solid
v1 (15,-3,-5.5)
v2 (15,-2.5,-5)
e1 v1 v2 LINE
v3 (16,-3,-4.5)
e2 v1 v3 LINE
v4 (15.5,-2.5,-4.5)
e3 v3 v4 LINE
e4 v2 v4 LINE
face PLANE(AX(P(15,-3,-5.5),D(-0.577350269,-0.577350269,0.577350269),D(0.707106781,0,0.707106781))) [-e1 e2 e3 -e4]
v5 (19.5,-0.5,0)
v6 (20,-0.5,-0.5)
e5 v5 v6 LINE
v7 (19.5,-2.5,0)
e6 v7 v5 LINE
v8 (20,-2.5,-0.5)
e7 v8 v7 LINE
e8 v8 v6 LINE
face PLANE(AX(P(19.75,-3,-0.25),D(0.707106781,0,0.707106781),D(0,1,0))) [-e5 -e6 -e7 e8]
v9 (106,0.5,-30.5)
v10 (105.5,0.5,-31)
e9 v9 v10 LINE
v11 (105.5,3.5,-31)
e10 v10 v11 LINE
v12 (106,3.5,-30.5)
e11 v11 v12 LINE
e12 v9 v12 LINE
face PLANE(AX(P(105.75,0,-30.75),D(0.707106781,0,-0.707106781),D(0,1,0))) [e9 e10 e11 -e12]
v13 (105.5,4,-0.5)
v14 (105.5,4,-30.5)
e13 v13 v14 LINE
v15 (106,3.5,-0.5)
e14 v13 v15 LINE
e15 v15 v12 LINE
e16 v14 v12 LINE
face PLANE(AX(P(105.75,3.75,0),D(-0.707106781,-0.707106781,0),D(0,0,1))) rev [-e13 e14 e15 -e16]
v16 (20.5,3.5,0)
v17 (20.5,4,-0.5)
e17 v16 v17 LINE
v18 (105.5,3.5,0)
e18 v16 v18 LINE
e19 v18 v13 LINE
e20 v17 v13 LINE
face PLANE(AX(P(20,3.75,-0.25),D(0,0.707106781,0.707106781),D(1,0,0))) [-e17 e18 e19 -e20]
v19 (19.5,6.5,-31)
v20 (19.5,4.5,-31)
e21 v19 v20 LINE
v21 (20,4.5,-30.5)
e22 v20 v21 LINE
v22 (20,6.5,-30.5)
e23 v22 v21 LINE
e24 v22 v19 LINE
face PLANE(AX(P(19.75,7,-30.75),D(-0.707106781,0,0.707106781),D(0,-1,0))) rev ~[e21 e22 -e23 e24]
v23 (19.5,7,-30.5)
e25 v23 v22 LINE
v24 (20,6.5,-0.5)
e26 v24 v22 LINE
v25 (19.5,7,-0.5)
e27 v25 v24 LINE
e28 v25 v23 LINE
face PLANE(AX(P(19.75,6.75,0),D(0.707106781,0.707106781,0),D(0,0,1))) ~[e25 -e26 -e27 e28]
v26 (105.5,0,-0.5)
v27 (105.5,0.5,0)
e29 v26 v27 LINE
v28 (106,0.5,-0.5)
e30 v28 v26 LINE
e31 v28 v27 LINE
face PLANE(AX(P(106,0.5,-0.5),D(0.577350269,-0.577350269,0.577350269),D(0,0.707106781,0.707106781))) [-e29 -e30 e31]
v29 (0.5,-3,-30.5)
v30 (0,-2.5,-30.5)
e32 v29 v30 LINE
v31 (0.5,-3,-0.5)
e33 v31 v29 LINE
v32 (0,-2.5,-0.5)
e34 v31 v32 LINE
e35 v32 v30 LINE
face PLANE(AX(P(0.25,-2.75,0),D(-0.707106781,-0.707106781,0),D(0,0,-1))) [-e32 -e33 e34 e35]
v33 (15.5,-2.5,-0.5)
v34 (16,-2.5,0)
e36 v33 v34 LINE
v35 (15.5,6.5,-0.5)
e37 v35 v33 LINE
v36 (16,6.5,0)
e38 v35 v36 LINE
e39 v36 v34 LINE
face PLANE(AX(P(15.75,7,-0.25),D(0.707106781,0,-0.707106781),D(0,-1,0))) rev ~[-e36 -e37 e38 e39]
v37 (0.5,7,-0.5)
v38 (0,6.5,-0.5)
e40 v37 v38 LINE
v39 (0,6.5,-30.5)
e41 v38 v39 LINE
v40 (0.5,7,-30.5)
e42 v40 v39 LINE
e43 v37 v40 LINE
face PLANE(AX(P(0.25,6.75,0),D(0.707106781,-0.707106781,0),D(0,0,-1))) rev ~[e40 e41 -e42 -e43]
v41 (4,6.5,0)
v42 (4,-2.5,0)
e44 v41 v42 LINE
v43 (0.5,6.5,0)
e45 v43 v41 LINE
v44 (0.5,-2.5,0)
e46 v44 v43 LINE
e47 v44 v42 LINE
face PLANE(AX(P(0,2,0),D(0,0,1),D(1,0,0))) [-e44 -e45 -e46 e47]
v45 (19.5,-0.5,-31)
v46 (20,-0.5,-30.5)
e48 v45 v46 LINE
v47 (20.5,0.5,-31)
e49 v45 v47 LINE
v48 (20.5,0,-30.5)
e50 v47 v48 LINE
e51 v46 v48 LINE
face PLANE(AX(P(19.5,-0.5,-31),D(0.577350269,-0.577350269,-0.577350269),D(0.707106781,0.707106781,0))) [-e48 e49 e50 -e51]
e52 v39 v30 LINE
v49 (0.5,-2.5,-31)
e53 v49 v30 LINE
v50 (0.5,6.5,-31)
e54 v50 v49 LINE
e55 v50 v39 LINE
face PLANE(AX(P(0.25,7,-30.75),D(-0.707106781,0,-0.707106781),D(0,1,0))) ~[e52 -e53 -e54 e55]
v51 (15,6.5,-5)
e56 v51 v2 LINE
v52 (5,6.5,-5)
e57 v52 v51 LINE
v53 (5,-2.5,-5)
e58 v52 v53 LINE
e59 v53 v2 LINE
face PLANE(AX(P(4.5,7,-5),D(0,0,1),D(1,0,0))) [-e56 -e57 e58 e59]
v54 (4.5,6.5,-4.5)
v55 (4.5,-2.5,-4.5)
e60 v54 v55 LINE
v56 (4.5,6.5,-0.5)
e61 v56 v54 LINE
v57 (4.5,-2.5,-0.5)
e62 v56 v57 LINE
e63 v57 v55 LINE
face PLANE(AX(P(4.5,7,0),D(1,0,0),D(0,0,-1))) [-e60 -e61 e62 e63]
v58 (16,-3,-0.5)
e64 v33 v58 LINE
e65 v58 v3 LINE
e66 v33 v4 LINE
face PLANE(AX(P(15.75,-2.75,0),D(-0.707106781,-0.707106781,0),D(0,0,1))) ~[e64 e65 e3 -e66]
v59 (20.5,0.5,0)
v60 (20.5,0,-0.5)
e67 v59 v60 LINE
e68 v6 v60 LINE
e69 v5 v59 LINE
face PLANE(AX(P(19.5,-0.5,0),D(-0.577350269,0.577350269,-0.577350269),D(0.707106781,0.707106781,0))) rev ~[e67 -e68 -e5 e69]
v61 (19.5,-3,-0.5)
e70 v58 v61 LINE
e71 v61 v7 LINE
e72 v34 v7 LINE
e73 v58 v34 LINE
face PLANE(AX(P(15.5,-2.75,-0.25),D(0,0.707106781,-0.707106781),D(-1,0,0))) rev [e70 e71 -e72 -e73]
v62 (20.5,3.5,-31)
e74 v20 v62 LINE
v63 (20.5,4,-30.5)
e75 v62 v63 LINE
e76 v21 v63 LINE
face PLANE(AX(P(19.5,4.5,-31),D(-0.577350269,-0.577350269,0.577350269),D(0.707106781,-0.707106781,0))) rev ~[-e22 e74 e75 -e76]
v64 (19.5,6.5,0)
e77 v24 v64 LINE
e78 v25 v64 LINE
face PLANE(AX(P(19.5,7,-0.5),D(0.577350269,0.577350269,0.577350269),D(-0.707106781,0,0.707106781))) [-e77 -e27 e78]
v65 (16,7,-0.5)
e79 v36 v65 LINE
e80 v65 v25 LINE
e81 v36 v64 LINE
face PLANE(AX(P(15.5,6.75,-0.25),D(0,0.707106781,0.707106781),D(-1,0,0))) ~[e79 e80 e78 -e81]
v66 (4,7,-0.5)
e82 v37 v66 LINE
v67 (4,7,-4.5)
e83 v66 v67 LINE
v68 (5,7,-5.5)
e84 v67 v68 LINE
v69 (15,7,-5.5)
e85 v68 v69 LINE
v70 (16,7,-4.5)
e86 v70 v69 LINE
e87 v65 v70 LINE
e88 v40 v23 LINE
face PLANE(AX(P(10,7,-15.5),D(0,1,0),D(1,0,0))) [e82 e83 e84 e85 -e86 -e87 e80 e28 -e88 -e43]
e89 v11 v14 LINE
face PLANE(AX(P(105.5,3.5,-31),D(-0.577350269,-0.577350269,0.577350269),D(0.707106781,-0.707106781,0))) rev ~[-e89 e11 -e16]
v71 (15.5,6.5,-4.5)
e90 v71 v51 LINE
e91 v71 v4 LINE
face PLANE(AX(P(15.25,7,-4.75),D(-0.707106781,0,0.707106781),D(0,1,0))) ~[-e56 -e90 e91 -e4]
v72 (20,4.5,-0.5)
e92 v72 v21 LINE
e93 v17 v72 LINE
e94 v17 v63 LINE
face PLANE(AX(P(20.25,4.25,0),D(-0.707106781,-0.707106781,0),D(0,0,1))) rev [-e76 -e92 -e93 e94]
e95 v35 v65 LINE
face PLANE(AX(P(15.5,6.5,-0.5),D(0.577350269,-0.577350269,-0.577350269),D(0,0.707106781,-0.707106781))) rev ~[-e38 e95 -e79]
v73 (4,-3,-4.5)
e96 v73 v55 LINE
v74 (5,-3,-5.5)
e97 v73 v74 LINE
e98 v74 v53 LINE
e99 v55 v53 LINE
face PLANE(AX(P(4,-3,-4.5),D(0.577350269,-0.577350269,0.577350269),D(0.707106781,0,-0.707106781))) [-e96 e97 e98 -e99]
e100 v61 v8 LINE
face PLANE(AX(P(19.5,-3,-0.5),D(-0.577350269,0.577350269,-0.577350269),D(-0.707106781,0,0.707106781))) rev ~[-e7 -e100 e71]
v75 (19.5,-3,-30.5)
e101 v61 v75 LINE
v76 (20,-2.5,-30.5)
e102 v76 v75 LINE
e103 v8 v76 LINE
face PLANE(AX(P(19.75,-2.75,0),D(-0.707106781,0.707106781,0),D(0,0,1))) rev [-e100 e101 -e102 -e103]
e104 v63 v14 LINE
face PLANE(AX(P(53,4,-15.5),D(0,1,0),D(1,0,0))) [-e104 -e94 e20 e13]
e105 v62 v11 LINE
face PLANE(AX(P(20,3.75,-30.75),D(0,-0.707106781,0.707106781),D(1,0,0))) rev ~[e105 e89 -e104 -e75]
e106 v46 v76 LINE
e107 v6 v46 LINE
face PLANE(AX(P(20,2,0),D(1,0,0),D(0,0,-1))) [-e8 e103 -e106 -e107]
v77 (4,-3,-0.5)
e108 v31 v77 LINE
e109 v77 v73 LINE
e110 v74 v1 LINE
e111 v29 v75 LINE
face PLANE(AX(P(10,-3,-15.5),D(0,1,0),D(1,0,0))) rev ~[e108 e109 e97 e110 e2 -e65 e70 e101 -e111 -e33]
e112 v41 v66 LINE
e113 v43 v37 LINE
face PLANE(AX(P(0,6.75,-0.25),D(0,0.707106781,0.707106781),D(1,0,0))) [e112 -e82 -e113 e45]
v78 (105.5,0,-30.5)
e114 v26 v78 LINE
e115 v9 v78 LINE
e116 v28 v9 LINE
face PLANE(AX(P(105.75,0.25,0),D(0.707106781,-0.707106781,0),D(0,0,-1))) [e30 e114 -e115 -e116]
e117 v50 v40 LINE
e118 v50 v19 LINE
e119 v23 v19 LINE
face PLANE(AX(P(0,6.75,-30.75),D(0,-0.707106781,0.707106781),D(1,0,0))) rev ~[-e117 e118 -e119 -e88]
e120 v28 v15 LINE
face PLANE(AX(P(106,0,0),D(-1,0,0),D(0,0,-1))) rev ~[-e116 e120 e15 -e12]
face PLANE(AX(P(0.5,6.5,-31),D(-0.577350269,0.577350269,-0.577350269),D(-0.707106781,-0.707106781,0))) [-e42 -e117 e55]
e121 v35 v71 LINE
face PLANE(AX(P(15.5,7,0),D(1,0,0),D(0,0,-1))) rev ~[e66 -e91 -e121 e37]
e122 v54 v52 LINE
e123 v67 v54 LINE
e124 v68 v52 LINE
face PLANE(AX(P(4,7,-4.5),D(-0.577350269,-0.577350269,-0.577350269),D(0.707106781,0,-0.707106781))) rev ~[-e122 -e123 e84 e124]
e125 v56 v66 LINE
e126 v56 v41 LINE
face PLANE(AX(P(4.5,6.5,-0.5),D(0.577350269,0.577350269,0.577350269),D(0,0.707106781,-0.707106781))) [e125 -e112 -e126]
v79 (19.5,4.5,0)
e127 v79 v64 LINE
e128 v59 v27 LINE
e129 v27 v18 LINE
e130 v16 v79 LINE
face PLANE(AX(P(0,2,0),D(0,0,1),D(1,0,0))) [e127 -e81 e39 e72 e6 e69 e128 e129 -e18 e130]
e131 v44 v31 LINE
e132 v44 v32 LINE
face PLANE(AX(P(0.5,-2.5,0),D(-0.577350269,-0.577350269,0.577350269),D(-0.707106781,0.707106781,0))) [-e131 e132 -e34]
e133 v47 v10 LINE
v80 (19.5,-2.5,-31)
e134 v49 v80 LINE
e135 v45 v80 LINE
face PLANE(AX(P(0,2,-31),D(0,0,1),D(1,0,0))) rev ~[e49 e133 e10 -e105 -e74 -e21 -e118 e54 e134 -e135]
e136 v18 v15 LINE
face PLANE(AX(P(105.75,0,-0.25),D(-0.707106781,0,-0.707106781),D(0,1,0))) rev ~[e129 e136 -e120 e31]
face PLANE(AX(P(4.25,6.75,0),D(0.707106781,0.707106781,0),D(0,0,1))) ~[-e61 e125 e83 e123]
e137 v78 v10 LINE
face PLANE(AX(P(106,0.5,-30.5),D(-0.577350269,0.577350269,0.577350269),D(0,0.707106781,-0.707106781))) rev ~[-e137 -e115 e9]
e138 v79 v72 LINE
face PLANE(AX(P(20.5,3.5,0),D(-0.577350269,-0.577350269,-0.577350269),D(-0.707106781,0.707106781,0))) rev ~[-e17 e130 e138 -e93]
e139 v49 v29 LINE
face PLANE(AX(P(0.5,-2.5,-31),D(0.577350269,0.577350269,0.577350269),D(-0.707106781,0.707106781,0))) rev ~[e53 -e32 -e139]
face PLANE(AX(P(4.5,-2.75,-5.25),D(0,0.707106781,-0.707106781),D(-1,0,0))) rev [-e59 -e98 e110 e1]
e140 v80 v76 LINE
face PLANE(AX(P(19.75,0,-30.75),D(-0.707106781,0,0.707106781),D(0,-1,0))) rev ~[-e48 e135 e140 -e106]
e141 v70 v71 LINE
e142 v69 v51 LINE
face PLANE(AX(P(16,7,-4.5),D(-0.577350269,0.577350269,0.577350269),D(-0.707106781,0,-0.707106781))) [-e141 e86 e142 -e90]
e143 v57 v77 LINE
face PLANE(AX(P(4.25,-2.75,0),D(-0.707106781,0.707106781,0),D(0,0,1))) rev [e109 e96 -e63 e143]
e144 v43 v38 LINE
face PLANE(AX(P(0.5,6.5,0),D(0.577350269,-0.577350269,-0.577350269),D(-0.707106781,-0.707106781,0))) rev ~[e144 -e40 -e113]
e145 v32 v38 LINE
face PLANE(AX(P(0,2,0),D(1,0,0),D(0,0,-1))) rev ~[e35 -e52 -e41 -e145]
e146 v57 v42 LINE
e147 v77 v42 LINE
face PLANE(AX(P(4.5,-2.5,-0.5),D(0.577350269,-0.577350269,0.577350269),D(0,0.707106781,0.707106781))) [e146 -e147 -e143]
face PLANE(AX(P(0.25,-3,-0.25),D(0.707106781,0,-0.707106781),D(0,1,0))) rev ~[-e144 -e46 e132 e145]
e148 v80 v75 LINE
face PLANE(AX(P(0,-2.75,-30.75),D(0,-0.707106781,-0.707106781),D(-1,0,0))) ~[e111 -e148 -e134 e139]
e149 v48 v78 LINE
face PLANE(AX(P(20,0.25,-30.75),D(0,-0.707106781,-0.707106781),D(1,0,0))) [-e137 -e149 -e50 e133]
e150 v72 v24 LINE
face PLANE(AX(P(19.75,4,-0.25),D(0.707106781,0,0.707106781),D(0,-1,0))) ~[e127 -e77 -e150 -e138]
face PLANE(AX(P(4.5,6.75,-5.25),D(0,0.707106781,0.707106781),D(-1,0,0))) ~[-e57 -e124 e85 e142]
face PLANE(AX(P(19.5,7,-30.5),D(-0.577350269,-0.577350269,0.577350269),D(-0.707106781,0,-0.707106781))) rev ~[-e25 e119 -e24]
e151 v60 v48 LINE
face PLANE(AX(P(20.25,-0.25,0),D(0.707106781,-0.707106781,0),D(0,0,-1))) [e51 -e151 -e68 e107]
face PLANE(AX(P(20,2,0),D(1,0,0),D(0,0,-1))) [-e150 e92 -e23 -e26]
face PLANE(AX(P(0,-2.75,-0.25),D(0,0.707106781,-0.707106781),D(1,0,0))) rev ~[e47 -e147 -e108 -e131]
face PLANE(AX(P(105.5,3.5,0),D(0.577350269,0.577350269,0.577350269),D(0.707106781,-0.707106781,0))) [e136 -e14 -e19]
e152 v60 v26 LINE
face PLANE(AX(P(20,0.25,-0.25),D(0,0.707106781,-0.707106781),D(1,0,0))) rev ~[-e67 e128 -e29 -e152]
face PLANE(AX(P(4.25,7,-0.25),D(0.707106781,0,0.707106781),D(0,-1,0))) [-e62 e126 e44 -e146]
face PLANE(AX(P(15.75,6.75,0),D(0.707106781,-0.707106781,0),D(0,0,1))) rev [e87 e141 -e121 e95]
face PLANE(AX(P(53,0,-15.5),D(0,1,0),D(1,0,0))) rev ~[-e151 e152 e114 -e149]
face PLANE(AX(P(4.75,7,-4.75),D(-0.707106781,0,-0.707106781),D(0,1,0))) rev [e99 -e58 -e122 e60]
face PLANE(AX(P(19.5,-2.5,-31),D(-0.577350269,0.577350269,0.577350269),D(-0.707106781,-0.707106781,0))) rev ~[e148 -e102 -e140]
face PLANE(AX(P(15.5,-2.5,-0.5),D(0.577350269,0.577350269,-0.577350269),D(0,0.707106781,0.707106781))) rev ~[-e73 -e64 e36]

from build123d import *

# Parameters (mm, degrees)
SKETCH1_W           = 106
SKETCH1_H           = 31
BOSS_EXTRUDE1_DEPTH = 4
SKETCH2_W           = 20
SKETCH2_H           = 31
BOSS_EXTRUDE2_DEPTH = 5
SKETCH3_W           = 11
SKETCH3_H           = 5
CUT_EXTRUDE1_DEPTH  = 11
CHAMFER1_SIZE       = 0.5


with BuildPart() as part:
    # Sketch1 → Boss-Extrude1 (new body)
    with BuildSketch(Plane(origin=(0, 0, 0), x_dir=(1, 0, 0), z_dir=(0, 1, 0))):
        with Locations((53, 15.5)):
            Rectangle(SKETCH1_W, SKETCH1_H)
    extrude(amount=BOSS_EXTRUDE1_DEPTH)

    # Sketch2 → Boss-Extrude2 (add, symmetric)
    with BuildSketch(Plane(origin=(0, 2, 0), x_dir=(1, 0, 0), z_dir=(0, 1, 0))):
        with Locations((10, 15.5)):
            Rectangle(SKETCH2_W, SKETCH2_H)
    extrude(amount=BOSS_EXTRUDE2_DEPTH, both=True)

    # Sketch3 → Cut-Extrude1 (cut, through all)
    with BuildSketch(Plane(origin=(0, 7, 0), x_dir=(1, 0, 0), z_dir=(0, 1, 0))):
        with Locations((10, 2.5)):
            Rectangle(SKETCH3_W, SKETCH3_H)
    extrude(amount=-CUT_EXTRUDE1_DEPTH, mode=Mode.SUBTRACT)

    # Chamfer1
    chamfer1_edges = [part.edges().sort_by_distance(p)[0] for p in [
        (106, 4, -15.5),
        (63, 0, 0),
        (20, 0, -15.5),
        (63, 4, 0),
        (63, 4, -31),
        (20, 5.5, 0),
        (20, 4, -15.5),
        (20, 5.5, -31),
        (0, -3, -15.5),
        (2.25, -3, 0),
        (20, -1.5, 0),
        (20, -3, -15.5),
        (20, -1.5, -31),
        (10, -3, -31),
        (0, 7, -15.5),
        (2.25, 7, 0),
        (20, 7, -15.5),
        (10, 7, -31),
        (17.75, 7, 0),
        (17.75, -3, 0),
        (4.5, -3, -2.5),
        (4.5, 2, 0),
        (10, -3, -5),
        (4.5, 2, -5),
        (15.5, -3, -2.5),
        (15.5, 2, -5),
        (15.5, 2, 0),
        (4.5, 7, -2.5),
        (15.5, 7, -2.5),
        (10, 7, -5),
        (63, 0, -31),
        (106, 0, -15.5),
        (0, 2, -31),
        (106, 2, -31),
        (106, 2, 0),
        (0, 2, 0),
    ]]
    chamfer(chamfer1_edges, length=CHAMFER1_SIZE)


solid = part.part
